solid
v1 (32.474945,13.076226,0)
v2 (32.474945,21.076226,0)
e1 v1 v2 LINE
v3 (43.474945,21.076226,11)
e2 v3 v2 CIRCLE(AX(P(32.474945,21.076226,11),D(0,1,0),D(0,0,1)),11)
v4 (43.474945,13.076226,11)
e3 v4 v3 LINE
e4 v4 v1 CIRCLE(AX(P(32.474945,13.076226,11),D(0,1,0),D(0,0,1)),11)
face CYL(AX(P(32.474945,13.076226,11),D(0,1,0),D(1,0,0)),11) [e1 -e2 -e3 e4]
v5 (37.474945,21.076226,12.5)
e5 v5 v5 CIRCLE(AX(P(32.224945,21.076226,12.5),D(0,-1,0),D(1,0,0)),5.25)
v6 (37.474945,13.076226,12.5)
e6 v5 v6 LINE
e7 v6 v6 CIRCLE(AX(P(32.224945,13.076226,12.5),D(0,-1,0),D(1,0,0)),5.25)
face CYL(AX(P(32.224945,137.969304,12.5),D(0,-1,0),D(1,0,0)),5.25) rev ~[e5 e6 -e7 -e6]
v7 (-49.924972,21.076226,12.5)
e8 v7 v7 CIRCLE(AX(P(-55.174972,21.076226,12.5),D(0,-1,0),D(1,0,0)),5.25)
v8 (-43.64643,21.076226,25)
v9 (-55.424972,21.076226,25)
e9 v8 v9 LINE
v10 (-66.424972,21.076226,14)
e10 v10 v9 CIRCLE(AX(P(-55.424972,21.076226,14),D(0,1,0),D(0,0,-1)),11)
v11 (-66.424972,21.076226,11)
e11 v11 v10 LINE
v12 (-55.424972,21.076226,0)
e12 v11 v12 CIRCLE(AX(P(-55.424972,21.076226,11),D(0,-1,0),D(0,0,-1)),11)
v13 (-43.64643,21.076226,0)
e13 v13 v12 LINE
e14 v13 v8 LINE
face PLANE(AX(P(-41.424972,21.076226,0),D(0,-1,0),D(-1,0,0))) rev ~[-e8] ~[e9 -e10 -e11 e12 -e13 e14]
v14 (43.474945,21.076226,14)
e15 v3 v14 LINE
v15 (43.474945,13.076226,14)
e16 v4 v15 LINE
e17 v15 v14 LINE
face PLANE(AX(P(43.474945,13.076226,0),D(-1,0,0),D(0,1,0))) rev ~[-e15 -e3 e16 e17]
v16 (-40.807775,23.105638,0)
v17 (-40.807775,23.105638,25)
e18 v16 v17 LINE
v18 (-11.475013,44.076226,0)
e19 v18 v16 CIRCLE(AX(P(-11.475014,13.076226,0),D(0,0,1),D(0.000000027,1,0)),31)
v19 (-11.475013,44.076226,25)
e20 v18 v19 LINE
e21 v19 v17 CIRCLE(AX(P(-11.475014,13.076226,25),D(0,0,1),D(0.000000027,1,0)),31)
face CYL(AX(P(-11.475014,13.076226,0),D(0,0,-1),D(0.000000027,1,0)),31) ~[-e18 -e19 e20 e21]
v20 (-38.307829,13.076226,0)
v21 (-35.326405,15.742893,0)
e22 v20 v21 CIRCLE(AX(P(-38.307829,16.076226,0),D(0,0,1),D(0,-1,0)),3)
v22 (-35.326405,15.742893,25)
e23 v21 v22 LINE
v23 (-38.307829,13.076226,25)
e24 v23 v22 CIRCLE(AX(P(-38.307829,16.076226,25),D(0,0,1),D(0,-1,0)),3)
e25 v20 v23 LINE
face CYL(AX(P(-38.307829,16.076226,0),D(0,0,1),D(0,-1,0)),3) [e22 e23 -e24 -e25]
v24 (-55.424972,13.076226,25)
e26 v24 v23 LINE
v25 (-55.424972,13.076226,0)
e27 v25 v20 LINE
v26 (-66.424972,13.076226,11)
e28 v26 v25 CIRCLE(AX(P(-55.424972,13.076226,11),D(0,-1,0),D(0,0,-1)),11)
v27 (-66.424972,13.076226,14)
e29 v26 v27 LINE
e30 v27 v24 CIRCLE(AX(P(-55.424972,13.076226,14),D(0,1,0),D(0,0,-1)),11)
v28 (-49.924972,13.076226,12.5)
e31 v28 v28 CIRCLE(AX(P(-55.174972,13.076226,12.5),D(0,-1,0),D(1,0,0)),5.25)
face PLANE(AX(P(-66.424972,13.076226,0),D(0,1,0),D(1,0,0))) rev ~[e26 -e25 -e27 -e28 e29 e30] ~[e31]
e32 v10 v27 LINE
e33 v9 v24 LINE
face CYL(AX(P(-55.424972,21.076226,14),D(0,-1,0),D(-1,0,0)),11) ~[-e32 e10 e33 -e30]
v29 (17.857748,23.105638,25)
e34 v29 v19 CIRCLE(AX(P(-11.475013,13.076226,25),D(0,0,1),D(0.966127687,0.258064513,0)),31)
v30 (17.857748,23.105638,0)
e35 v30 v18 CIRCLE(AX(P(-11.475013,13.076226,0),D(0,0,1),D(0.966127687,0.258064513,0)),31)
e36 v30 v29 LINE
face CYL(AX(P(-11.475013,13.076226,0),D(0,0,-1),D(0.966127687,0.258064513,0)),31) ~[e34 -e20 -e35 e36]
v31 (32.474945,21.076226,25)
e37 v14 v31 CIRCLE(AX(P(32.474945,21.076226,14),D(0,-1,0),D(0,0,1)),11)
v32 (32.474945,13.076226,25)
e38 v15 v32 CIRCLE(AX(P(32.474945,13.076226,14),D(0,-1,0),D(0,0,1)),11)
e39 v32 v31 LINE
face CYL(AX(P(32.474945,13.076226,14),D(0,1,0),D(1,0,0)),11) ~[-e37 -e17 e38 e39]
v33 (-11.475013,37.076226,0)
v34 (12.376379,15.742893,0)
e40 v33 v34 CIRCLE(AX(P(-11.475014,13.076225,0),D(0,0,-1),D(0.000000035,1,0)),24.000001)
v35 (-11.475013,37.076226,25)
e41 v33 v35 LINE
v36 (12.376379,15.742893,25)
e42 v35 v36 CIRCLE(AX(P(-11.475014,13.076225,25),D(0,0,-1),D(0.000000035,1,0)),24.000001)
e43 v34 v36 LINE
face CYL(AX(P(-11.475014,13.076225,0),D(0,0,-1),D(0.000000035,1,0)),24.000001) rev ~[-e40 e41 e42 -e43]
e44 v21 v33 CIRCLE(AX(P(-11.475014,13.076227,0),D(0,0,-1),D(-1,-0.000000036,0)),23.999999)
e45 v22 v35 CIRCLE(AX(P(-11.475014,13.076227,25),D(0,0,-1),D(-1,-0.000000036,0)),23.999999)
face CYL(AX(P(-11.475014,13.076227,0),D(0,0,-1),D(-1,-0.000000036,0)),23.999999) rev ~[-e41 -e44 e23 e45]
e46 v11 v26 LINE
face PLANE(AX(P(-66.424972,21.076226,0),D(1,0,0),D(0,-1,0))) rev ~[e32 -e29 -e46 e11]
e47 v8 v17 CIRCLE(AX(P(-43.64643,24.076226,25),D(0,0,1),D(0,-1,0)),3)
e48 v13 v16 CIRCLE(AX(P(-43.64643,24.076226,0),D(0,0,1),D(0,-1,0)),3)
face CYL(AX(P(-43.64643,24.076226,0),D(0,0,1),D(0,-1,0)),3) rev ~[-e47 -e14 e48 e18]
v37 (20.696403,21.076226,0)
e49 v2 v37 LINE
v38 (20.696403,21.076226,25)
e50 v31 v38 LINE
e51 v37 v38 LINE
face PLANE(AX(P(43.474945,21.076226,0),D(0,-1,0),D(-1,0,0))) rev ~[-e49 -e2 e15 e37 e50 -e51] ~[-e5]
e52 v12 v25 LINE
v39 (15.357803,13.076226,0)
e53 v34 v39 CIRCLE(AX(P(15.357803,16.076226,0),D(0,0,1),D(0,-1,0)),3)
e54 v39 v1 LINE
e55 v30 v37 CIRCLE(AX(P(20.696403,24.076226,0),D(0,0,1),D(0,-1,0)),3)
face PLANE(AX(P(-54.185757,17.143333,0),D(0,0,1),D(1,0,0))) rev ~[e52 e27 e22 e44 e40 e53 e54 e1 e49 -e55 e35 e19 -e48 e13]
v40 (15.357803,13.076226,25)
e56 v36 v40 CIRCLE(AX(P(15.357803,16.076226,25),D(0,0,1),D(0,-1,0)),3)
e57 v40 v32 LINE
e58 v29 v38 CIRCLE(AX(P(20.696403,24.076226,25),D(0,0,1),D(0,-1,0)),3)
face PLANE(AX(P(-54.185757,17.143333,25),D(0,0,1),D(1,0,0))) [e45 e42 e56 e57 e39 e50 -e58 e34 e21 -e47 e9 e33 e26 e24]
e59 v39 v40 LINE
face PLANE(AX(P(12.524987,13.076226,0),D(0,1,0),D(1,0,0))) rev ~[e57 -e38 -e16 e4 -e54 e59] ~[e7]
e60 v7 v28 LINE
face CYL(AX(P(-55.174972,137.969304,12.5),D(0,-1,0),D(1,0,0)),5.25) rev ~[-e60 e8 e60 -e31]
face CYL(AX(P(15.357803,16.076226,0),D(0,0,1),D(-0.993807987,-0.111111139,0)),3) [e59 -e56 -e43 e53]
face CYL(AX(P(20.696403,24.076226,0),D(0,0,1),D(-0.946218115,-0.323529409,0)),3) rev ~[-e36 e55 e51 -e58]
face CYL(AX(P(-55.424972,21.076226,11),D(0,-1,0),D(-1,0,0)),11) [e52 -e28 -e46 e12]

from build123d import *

# Parameters (mm, degrees)
F1_DEPTH = 25
F2_R     = 11
F3_R     = 3
F4_R     = 3
F6_D     = 10.5


with BuildPart() as f1:
    # F0 (on Top) → F1 (new body)
    with BuildSketch(Plane.XY):
        with BuildLine():
            ThreePointArc((-42.475013, 13.076226), (-42.211382, 17.110535), (-41.424972, 21.076226))
            Line((-41.424972, 21.076226), (-66.424972, 21.076226))
            Line((-66.424972, 21.076226), (-66.424972, 13.076226))
            Line((-66.424972, 13.076226), (-42.475013, 13.076226))
        make_face()
        with BuildLine():
            Line((43.474945, 21.076226), (18.474945, 21.076226))
            ThreePointArc((18.474945, 21.076226), (19.261355, 17.110535), (19.524987, 13.076226))
            Line((19.524987, 13.076226), (43.474945, 13.076226))
            Line((43.474945, 13.076226), (43.474945, 21.076226))
        make_face()
        with BuildLine():
            ThreePointArc((18.474945, 21.076226), (7.406194, 37.662808), (-11.475013, 44.076226))
            ThreePointArc((-11.475013, 44.076226), (-30.356221, 37.662808), (-41.424972, 21.076226))
            ThreePointArc((-41.424972, 21.076226), (-42.211382, 17.110535), (-42.475013, 13.076226))
            Line((-42.475013, 13.076226), (-35.475013, 13.076226))
            ThreePointArc((-35.475013, 13.076226), (-28.445576, 30.046789), (-11.475013, 37.076226))
            ThreePointArc((-11.475013, 37.076226), (5.495549, 30.046789), (12.524987, 13.076226))
            Line((12.524987, 13.076226), (19.524987, 13.076226))
            ThreePointArc((19.524987, 13.076226), (19.261355, 17.110535), (18.474945, 21.076226))
        make_face()
    extrude(amount=F1_DEPTH)

    # F2
    f2_edges = [f1.edges().sort_by_distance(p)[0] for p in [
        (43.474945, 17.076226, 0),
        (43.474945, 17.076226, 25),
        (-66.424972, 17.076226, 25),
        (-66.424972, 17.076226, 0),
    ]]
    fillet(f2_edges, radius=F2_R)

    # F3
    f3_edges = [f1.edges().sort_by_distance(p)[0] for p in [
        (-35.475013, 13.076226, 12.5),
        (12.524987, 13.076226, 12.5),
    ]]
    fillet(f3_edges, radius=F3_R)

    # F4
    f4_edges = [f1.edges().sort_by_distance(p)[0] for p in [
        (-41.424972, 21.076226, 12.5),
        (18.474945, 21.076226, 12.5),
    ]]
    fillet(f4_edges, radius=F4_R)

    # F6 (through all)
    with Locations(Plane(origin=(0, 21.076226, 0), x_dir=(-1, 0, 0), z_dir=(0, 1, 0))):
        with Locations((55.174972, 12.5), (-32.224945, 12.5)):
            Hole(F6_D / 2)


solid = f1.part
